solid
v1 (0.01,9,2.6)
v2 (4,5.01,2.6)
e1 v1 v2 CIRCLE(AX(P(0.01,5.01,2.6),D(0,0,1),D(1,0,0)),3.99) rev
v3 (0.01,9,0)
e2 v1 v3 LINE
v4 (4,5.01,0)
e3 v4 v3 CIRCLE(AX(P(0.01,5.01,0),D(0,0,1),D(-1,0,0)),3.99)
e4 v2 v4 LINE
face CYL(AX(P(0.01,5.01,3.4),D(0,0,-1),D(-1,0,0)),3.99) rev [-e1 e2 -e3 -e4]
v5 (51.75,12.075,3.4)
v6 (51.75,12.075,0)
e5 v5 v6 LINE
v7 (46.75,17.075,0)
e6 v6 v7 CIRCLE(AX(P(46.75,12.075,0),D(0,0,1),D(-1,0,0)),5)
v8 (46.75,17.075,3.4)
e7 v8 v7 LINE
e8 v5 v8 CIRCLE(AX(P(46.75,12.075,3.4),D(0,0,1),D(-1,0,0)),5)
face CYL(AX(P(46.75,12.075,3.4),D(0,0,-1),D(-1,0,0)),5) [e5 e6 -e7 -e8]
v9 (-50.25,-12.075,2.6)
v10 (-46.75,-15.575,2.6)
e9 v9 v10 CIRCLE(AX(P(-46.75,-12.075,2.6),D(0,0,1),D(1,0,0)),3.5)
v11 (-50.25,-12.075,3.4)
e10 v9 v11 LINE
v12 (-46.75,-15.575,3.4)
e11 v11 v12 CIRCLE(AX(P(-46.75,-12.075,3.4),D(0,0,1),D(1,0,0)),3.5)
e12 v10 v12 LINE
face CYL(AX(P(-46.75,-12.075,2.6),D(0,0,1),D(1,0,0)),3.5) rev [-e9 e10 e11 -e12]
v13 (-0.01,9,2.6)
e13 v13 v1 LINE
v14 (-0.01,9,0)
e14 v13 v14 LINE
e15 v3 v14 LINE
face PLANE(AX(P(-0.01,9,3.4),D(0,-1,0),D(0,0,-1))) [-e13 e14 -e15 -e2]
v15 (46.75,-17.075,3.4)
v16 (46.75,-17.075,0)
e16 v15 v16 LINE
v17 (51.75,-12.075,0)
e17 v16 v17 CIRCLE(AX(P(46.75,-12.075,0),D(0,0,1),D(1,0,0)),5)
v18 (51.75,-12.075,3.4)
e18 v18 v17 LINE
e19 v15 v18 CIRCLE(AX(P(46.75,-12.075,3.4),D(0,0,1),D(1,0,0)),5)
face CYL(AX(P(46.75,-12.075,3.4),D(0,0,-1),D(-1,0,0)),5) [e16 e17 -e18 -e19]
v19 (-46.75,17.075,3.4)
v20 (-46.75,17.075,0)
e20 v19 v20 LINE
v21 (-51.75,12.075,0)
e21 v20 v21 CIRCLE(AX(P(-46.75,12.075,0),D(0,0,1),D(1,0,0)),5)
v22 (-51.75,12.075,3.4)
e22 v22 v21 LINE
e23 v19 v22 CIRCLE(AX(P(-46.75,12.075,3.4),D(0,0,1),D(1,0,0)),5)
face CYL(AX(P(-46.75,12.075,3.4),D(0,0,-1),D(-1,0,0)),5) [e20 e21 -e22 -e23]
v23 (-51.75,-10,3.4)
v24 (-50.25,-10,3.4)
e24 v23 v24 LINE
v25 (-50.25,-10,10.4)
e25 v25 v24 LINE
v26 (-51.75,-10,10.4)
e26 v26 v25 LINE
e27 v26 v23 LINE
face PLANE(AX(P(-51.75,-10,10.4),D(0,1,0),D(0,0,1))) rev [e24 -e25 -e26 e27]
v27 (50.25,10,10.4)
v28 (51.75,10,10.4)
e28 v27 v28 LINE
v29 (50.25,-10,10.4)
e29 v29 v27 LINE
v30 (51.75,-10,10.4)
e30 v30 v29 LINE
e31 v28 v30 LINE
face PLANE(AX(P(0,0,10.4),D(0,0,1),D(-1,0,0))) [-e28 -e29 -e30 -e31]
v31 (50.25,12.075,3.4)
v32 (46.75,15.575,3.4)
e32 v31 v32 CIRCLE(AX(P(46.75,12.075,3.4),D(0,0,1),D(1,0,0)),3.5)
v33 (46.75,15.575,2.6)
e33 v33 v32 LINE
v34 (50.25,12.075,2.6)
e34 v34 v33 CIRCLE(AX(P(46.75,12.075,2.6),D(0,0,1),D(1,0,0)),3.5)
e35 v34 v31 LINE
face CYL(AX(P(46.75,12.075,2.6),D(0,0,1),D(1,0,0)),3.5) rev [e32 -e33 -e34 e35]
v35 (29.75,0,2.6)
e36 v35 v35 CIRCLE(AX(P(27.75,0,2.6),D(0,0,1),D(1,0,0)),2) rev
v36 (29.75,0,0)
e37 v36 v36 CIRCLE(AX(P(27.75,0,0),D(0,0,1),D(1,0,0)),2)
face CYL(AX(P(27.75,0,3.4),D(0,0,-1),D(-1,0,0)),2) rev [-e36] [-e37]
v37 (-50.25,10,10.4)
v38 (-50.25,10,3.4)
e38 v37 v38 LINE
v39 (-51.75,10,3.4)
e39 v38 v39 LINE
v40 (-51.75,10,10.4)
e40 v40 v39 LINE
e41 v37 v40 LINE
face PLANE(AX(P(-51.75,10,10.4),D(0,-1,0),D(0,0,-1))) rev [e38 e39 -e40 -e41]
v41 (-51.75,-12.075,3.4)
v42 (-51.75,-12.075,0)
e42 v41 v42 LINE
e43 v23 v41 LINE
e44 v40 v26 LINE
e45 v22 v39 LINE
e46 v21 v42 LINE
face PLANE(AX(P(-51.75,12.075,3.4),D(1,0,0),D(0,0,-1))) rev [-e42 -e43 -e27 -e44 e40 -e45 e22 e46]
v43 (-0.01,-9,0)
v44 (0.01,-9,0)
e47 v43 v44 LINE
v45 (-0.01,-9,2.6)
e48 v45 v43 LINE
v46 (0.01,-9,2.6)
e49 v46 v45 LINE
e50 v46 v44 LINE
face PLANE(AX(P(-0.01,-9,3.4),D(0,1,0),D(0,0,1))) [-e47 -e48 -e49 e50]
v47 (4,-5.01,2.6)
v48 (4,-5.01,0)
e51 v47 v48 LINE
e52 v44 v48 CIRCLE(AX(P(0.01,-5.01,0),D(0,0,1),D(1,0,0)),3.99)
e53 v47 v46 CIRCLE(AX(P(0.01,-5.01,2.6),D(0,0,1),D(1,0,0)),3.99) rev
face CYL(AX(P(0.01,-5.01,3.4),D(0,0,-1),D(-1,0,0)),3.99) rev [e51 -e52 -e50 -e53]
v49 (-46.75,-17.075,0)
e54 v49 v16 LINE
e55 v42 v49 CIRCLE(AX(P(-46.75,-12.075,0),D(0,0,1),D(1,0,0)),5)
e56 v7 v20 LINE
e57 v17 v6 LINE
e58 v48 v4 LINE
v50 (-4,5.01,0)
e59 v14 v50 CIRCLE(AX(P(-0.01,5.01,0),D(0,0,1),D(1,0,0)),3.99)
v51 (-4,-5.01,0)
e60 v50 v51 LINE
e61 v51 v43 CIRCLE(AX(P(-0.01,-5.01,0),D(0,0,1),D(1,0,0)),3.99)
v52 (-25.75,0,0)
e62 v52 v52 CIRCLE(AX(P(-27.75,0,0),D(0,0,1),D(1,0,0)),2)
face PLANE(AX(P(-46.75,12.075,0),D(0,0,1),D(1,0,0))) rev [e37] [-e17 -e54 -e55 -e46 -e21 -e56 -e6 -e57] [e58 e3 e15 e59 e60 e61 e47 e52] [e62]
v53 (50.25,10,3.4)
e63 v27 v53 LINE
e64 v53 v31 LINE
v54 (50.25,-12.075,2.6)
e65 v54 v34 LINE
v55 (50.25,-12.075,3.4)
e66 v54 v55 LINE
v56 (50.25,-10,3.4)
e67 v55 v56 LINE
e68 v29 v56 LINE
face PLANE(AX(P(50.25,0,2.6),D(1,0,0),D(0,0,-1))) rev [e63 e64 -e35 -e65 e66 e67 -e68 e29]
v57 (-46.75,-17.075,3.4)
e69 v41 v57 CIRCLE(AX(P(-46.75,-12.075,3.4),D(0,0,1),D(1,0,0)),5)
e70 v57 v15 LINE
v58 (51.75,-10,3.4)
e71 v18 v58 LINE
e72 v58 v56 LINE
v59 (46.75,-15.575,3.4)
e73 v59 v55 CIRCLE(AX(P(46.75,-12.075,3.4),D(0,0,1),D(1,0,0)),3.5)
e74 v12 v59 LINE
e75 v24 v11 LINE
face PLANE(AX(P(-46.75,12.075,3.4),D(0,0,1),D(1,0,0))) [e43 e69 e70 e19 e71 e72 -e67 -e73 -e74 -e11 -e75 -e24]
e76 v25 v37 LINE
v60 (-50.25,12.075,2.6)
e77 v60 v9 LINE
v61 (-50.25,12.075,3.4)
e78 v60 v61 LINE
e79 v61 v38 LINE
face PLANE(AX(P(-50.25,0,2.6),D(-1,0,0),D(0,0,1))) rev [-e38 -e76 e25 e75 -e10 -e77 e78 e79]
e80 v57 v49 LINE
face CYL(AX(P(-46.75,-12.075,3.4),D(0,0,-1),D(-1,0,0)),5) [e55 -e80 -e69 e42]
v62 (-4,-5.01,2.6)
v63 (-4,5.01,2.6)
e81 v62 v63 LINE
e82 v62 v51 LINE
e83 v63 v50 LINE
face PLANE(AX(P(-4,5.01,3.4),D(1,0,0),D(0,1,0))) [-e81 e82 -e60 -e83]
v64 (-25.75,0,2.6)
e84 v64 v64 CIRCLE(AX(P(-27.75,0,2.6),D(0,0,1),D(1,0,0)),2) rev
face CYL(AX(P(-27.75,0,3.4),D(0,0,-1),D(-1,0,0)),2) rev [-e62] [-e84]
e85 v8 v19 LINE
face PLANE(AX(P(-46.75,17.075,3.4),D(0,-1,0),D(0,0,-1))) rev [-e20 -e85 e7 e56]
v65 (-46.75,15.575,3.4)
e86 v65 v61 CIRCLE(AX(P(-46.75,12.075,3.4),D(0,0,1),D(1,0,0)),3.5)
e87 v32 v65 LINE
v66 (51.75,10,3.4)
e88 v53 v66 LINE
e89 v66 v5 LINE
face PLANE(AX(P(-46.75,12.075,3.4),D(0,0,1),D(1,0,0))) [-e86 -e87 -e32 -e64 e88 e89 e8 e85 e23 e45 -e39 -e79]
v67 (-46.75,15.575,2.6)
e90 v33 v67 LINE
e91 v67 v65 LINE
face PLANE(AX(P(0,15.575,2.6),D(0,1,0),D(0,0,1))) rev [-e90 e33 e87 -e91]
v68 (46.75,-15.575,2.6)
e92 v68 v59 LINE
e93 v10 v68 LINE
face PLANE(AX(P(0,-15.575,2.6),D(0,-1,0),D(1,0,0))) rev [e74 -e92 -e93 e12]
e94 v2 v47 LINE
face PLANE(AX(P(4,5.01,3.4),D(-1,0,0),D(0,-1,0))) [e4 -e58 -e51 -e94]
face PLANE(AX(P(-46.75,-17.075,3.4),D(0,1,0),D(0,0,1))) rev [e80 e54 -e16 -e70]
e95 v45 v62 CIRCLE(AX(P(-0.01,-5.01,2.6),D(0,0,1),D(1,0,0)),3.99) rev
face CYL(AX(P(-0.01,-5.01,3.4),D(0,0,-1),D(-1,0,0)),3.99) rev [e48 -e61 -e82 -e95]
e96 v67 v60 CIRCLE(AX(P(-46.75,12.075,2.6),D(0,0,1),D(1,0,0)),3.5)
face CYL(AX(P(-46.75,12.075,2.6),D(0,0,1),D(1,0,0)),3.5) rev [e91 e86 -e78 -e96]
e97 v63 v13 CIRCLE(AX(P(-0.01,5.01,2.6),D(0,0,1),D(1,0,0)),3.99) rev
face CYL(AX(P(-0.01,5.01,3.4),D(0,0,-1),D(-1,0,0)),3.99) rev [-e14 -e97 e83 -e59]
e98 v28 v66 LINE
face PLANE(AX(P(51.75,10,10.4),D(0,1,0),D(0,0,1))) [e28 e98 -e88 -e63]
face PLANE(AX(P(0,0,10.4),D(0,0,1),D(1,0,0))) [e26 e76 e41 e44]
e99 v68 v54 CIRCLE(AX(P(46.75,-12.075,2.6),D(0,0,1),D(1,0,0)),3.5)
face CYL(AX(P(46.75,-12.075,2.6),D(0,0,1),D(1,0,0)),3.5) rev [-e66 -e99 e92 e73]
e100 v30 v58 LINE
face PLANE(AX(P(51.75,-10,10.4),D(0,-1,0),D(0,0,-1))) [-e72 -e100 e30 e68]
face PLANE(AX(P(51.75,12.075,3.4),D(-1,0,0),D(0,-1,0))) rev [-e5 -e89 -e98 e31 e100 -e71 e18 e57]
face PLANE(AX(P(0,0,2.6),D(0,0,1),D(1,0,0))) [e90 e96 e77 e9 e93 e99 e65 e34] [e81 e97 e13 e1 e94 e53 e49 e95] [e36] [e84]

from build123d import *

# Parameters (mm, degrees)
SKETCH1_R           = 2
BOSS_EXTRUDE1_DEPTH = 3.4
CUT_EXTRUDE1_START  = -0.8
SKETCH2_R           = 2
CUT_EXTRUDE1_DEPTH  = 0.8
SKETCH3_W           = 1.5
SKETCH3_H           = 20
BOSS_EXTRUDE2_DEPTH = 7


with BuildPart() as part:
    # Sketch1 → Boss-Extrude1 (new body)
    with BuildSketch(Plane.XY):
        with BuildLine():
            Line((-46.75, 17.075), (46.75, 17.075))
            ThreePointArc((46.75, 17.075), (50.285533906, 15.610533906), (51.75, 12.075))
            Line((51.75, 12.075), (51.75, -12.075))
            ThreePointArc((51.75, -12.075), (50.285533906, -15.610533906), (46.75, -17.075))
            Line((46.75, -17.075), (-46.75, -17.075))
            ThreePointArc((-46.75, -17.075), (-50.285533906, -15.610533906), (-51.75, -12.075))
            Line((-51.75, -12.075), (-51.75, 12.075))
            ThreePointArc((-51.75, 12.075), (-50.285533906, 15.610533906), (-46.75, 17.075))
        make_face()
        with Locations((-27.75, 0)):
            Circle(SKETCH1_R, mode=Mode.SUBTRACT)
        with Locations((27.75, 0)):
            Circle(SKETCH1_R, mode=Mode.SUBTRACT)
        with BuildLine():
            Line((-0.01, 9), (0.01, 9))
            ThreePointArc((0.01, 9), (2.831356057, 7.831356057), (4, 5.01))
            Line((4, 5.01), (4, -5.01))
            ThreePointArc((4, -5.01), (2.831356057, -7.831356057), (0.01, -9))
            Line((0.01, -9), (-0.01, -9))
            ThreePointArc((-0.01, -9), (-2.831356057, -7.831356057), (-4, -5.01))
            Line((-4, -5.01), (-4, 5.01))
            ThreePointArc((-4, 5.01), (-2.831356057, 7.831356057), (-0.01, 9))
        make_face(mode=Mode.SUBTRACT)
    extrude(amount=BOSS_EXTRUDE1_DEPTH)

    # Sketch2 → Cut-Extrude1 (cut)
    with BuildSketch(Plane.XY.offset(3.4).offset(CUT_EXTRUDE1_START)):
        with BuildLine():
            Line((50.25, -12.075), (50.25, 12.075))
            ThreePointArc((50.25, 12.075), (49.224873734, 14.549873734), (46.75, 15.575))
            Line((46.75, 15.575), (-46.75, 15.575))
            ThreePointArc((-46.75, 15.575), (-49.224873734, 14.549873734), (-50.25, 12.075))
            Line((-50.25, 12.075), (-50.25, -12.075))
            ThreePointArc((-50.25, -12.075), (-49.224873734, -14.549873734), (-46.75, -15.575))
            Line((-46.75, -15.575), (46.75, -15.575))
            ThreePointArc((46.75, -15.575), (49.224873734, -14.549873734), (50.25, -12.075))
        make_face()
        with Locations((-27.75, 0)):
            Circle(SKETCH2_R, mode=Mode.SUBTRACT)
        with Locations((27.75, 0)):
            Circle(SKETCH2_R, mode=Mode.SUBTRACT)
        with BuildLine():
            ThreePointArc((0.01, 9), (2.831356057, 7.831356057), (4, 5.01))
            Line((4, 5.01), (4, -5.01))
            ThreePointArc((4, -5.01), (2.831356057, -7.831356057), (0.01, -9))
            Line((0.01, -9), (-0.01, -9))
            ThreePointArc((-0.01, -9), (-2.831356057, -7.831356057), (-4, -5.01))
            Line((-4, -5.01), (-4, 5.01))
            ThreePointArc((-4, 5.01), (-2.831356057, 7.831356057), (-0.01, 9))
            Line((-0.01, 9), (0.01, 9))
        make_face(mode=Mode.SUBTRACT)
    extrude(amount=CUT_EXTRUDE1_DEPTH, mode=Mode.SUBTRACT)

    # Sketch3 → Boss-Extrude2 (add)
    with BuildSketch(Plane.XY.offset(3.4)):
        with Locations((-51, 0)):
            Rectangle(SKETCH3_W, SKETCH3_H)
    boss_extrude2 = extrude(amount=BOSS_EXTRUDE2_DEPTH)

    # Mirror1: Boss-Extrude2 across plane
    add(boss_extrude2.mirror(Plane(origin=(0, 0, 0), x_dir=(0, 0, 1), z_dir=(1, 0, 0))))


solid = part.part
